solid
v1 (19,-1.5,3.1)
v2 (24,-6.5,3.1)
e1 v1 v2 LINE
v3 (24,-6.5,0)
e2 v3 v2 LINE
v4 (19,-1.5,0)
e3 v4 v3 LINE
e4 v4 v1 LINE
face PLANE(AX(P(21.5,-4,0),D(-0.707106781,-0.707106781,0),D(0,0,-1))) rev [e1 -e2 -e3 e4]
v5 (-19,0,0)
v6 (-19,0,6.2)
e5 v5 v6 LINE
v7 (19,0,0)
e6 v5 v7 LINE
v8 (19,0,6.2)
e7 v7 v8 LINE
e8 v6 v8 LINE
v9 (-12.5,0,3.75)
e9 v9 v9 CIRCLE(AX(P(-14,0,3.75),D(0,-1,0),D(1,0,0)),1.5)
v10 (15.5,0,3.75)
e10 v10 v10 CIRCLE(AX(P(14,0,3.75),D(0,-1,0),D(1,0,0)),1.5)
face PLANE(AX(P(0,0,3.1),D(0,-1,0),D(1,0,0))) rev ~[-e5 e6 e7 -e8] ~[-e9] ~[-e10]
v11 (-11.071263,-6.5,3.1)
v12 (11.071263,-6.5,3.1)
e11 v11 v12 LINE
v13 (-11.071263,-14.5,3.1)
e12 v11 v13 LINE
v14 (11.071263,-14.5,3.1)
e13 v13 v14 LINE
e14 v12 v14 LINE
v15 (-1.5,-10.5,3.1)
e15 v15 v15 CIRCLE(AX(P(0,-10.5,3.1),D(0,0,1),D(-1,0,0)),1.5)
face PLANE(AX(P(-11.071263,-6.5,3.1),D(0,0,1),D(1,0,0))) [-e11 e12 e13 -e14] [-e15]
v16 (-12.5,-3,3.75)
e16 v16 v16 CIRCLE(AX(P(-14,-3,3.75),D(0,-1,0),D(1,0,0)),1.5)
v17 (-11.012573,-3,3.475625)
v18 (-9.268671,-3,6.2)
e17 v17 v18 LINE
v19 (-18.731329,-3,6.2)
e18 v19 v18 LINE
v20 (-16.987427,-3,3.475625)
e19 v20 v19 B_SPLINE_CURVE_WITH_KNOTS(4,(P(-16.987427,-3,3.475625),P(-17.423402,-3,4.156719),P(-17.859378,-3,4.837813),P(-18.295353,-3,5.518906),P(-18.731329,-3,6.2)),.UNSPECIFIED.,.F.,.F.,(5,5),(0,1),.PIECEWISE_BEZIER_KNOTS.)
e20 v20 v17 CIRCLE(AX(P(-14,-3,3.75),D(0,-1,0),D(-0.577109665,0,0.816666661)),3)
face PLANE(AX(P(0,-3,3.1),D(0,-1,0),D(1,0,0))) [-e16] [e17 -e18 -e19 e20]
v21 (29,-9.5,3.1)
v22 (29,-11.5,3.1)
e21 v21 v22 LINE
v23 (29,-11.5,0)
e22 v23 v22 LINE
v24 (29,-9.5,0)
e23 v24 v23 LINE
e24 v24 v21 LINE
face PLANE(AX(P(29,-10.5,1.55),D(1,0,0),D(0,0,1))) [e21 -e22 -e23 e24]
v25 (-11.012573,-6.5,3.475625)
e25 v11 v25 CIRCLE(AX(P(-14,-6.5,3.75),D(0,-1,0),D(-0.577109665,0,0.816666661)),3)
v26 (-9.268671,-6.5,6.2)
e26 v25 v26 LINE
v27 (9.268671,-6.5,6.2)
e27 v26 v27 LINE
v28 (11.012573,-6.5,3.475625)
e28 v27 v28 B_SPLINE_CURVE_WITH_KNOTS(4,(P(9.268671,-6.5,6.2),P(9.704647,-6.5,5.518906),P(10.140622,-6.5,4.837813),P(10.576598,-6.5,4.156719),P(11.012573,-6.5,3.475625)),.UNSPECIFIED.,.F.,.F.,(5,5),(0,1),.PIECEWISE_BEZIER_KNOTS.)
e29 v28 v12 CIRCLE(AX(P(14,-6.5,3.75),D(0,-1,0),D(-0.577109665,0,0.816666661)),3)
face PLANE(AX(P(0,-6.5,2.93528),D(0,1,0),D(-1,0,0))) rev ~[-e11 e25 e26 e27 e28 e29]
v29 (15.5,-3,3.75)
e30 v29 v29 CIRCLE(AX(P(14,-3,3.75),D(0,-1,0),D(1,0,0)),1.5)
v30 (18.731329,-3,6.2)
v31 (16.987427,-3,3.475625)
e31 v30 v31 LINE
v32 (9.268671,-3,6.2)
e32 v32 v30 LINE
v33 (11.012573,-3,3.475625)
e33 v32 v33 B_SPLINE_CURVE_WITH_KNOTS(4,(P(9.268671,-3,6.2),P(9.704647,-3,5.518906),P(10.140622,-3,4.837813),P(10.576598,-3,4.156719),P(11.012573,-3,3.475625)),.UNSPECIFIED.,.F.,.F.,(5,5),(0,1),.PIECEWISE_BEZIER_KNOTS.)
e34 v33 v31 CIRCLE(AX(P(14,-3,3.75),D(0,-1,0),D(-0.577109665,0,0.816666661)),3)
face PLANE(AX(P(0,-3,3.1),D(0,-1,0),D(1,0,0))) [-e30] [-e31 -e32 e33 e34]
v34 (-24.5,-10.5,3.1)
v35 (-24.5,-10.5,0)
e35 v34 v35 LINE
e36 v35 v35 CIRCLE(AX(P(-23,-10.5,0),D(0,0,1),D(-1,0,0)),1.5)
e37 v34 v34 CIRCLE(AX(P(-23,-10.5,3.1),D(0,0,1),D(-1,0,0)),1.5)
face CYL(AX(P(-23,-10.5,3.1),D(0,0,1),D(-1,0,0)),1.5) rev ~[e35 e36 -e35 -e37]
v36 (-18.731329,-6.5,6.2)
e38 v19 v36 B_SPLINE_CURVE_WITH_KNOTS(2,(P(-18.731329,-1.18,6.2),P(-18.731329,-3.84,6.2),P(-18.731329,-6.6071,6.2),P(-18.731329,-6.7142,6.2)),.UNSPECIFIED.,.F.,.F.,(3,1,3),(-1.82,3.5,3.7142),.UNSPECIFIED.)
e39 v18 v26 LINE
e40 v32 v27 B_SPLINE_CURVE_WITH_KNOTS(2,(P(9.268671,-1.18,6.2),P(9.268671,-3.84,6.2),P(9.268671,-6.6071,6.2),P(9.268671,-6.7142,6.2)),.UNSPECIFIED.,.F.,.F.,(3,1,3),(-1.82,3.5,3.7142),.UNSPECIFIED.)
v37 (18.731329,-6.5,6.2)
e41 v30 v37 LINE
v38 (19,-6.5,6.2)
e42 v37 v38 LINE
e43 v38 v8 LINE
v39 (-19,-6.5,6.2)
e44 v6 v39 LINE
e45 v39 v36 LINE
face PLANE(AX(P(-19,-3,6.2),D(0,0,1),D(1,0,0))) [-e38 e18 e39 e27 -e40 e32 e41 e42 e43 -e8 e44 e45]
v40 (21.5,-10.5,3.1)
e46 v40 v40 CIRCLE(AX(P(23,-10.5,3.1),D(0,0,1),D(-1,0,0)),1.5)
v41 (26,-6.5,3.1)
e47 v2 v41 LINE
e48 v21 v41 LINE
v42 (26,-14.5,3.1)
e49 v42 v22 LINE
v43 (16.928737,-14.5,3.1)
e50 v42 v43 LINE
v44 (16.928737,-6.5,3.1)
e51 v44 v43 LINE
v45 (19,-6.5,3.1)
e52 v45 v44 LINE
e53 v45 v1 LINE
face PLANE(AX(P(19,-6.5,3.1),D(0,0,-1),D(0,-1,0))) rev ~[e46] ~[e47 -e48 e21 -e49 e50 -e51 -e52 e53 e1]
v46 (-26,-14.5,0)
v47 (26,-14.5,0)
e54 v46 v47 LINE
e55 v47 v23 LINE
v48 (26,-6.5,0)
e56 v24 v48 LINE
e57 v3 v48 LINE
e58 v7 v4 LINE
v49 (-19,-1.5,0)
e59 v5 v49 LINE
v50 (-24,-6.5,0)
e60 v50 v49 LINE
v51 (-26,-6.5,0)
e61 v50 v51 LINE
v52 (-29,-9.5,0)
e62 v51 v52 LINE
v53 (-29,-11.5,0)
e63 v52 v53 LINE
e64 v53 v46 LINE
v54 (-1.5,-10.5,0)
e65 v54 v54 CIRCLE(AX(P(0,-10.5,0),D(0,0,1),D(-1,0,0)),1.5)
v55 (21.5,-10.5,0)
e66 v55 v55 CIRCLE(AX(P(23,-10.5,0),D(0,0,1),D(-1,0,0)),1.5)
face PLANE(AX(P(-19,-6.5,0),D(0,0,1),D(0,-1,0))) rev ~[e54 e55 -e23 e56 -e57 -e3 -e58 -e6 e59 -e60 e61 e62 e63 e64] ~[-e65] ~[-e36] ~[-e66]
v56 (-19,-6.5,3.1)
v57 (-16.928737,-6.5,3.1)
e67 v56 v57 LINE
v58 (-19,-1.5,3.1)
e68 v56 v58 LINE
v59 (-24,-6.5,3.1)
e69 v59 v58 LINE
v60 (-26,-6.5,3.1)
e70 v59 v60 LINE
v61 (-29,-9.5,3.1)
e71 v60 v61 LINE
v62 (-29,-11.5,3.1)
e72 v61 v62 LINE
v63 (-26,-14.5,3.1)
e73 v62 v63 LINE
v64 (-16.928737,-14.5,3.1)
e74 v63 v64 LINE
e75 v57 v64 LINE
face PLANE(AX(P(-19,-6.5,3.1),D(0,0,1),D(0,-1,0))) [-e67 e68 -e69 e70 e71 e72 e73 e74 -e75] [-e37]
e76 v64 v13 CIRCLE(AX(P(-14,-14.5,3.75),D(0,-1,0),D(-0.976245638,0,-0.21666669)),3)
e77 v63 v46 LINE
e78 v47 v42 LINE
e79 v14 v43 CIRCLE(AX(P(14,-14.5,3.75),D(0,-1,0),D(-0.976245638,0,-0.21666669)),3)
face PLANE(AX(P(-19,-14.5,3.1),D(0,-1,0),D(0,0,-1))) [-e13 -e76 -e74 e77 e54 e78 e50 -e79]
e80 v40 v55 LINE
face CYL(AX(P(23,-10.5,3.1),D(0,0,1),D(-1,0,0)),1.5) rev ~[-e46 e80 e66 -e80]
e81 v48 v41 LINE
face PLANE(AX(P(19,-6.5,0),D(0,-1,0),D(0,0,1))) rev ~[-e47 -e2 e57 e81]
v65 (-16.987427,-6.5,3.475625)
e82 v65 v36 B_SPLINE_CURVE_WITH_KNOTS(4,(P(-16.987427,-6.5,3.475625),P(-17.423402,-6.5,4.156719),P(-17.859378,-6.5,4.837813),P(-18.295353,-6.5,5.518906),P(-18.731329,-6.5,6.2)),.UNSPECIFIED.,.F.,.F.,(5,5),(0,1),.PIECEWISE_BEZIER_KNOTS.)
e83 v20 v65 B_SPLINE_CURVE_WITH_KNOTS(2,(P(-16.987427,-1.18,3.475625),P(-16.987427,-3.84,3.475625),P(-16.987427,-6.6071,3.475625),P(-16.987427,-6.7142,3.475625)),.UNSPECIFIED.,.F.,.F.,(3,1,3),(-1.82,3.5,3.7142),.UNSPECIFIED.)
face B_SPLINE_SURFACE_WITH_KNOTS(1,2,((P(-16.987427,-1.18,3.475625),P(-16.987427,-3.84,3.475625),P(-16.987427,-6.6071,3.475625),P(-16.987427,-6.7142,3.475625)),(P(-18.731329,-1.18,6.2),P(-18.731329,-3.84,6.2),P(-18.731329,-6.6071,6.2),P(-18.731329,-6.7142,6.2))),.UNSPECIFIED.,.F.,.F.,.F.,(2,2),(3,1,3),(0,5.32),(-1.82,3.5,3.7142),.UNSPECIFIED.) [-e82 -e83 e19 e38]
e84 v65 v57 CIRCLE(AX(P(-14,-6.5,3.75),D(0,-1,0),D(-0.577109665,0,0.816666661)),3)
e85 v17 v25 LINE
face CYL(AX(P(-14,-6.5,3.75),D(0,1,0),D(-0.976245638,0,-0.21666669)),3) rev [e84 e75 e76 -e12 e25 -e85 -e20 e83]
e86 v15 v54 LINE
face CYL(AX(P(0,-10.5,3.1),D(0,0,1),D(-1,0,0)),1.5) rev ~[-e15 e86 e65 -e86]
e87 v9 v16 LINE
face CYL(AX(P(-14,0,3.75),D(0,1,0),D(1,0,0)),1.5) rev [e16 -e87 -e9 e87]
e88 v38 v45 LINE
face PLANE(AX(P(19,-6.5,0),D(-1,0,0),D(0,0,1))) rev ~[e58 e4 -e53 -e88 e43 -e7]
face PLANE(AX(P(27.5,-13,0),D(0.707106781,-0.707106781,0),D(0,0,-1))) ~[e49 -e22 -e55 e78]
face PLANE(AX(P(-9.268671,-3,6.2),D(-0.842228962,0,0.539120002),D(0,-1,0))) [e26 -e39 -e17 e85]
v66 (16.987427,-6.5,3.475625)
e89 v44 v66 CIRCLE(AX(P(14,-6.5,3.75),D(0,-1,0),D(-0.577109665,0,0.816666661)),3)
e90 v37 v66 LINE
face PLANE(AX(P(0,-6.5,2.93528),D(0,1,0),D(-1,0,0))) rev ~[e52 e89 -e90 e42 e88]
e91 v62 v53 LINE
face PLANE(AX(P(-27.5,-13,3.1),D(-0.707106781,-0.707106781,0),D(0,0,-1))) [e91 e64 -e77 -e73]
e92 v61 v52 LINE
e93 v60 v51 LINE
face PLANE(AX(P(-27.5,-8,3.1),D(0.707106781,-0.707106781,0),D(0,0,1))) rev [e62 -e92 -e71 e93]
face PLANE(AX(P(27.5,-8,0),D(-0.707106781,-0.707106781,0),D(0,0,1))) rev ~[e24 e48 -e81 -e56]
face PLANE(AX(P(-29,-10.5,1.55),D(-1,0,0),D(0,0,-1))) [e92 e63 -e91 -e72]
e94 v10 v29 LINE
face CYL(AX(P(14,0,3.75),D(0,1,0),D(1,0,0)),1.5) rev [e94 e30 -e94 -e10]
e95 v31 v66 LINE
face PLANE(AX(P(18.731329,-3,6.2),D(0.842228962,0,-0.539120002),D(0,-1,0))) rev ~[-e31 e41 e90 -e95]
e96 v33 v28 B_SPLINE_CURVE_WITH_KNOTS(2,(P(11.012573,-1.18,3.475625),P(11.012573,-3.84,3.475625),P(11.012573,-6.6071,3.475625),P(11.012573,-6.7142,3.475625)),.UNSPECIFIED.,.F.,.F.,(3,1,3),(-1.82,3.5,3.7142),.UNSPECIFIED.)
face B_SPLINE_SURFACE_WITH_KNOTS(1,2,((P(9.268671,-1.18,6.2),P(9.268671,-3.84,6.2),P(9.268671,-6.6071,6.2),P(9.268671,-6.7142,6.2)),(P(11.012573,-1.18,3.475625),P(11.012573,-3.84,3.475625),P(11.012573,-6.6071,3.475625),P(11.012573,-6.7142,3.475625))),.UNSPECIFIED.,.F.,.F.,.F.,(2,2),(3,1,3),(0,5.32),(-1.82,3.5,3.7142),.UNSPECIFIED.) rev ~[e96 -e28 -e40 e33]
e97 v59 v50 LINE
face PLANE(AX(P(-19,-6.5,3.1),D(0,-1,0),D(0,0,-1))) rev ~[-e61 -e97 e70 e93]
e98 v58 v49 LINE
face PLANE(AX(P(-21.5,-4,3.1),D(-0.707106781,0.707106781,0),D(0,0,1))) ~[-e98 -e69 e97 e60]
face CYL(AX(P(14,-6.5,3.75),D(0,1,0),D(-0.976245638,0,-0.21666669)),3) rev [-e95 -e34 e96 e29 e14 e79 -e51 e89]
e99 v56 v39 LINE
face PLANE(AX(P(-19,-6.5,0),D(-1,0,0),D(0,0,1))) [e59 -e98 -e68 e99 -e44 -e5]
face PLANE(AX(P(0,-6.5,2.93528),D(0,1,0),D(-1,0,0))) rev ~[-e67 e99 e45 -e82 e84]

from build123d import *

# Parameters (mm, degrees)
SKETCH_W        = 38
SKETCH_H        = 6.2
SKETCH_R        = 1.5
PAD_DEPTH       = 3
PAD001_DEPTH    = 3.5
PAD002_DEPTH    = 8
SKETCH003_R     = 1.5
POCKET_DEPTH    = 3.101
SKETCH004_W     = 3.1
SKETCH004_H     = 8
PAD003_DEPTH    = 10
SKETCH005_W     = 3.1
SKETCH005_H     = 8
PAD004_DEPTH    = 10
SKETCH006_R     = 1.5
POCKET001_DEPTH = 3.101
CHAMFER_SIZE    = 5
CHAMFER001_SIZE = 3
CHAMFER002_SIZE = 3


with BuildPart() as part:
    # Sketch → Pad (new body)
    with BuildSketch(Plane.XZ):
        with Locations((0, 3.1)):
            Rectangle(SKETCH_W, SKETCH_H)
        with Locations((-14, 3.75)):
            Circle(SKETCH_R, mode=Mode.SUBTRACT)
        with Locations((14, 3.75)):
            Circle(SKETCH_R, mode=Mode.SUBTRACT)
    extrude(amount=PAD_DEPTH)

    # Sketch001 (on Face8 of Pad) → Pad001 (join)
    with BuildSketch(Plane.XZ.offset(3)):
        with BuildLine():
            ThreePointArc((-15.731329, 6.2), (-14, 0.75), (-12.268671, 6.2))
            Line((-12.268671, 6.2), (12.268671, 6.2))
            ThreePointArc((12.268671, 6.2), (14, 0.75), (15.731329, 6.2))
            Line((15.731329, 6.2), (19, 6.2))
            Line((19, 6.2), (19, 0))
            Line((19, 0), (-19, 0))
            Line((-19, 0), (-19, 6.2))
            Line((-19, 6.2), (-15.731329, 6.2))
        make_face()
    extrude(amount=PAD001_DEPTH)

    # Sketch002 (on Face7 of Pad001) → Pad002 (join)
    with BuildSketch(Plane.XZ.offset(6.5)):
        with BuildLine():
            Line((-19, 0), (-19, 3.1))
            Line((-19, 3.1), (-16.928737, 3.1))
            ThreePointArc((-16.928737, 3.1), (-14, 0.75), (-11.071263, 3.1))
            Line((-11.071263, 3.1), (11.071263, 3.1))
            ThreePointArc((11.071263, 3.1), (14, 0.75), (16.928737, 3.1))
            Line((19, 3.1), (16.928737, 3.1))
            Line((19, 0), (19, 3.1))
            Line((-19, 0), (19, 0))
        make_face()
    extrude(amount=PAD002_DEPTH)

    # Sketch003 (on Face13 of Pad002) → Pocket (cut, through all)
    with BuildSketch(Plane(origin=(0, 0, 3.1), x_dir=(-1, 0, 0), z_dir=(0, 0, 1))):
        with Locations((0, 10.5)):
            Circle(SKETCH003_R)
    extrude(amount=-POCKET_DEPTH, mode=Mode.SUBTRACT)

    # Sketch004 (on Face4 of Pocket) → Pad003 (join)
    with BuildSketch(Plane(origin=(19, 0, 0), x_dir=(0, 0, 1), z_dir=(1, 0, 0))):
        with Locations((1.55, 10.5)):
            Rectangle(SKETCH004_W, SKETCH004_H)
    extrude(amount=PAD003_DEPTH)

    # Sketch005 (on Face2 of Pad003) → Pad004 (join)
    with BuildSketch(Plane(origin=(-19, 0, 0), x_dir=(0, 0, -1), z_dir=(-1, 0, 0))):
        with Locations((-1.55, 10.5)):
            Rectangle(SKETCH005_W, SKETCH005_H)
    extrude(amount=PAD004_DEPTH)

    # Sketch006 (on Face23 of Pad004) → Pocket001 (cut, through all)
    with BuildSketch(Plane(origin=(0, 0, 3.1), x_dir=(-1, 0, 0), z_dir=(0, 0, 1))):
        with Locations((-23, 10.5)):
            Circle(SKETCH006_R)
        with Locations((23, 10.5)):
            Circle(SKETCH006_R)
    extrude(amount=-POCKET001_DEPTH, mode=Mode.SUBTRACT)

    # Chamfer
    chamfer_edges = [part.edges().sort_by_distance(p)[0] for p in [
        (-19, -6.5, 1.55),
        (19, -6.5, 1.55),
    ]]
    chamfer(chamfer_edges, length=CHAMFER_SIZE)

    # Chamfer001
    chamfer001_edges = [part.edges().sort_by_distance(p)[0] for p in [
        (-29, -6.5, 1.55),
        (29, -6.5, 1.55),
        (-29, -14.5, 1.55),
        (29, -14.5, 1.55),
    ]]
    chamfer(chamfer001_edges, length=CHAMFER001_SIZE)

    # Chamfer002
    chamfer002_edges = [part.edges().sort_by_distance(p)[0] for p in [
        (-12.268671, -4.75, 6.2),
        (-15.731329, -4.75, 6.2),
        (12.268671, -4.75, 6.2),
        (15.731329, -4.75, 6.2),
    ]]
    chamfer(chamfer002_edges, length=CHAMFER002_SIZE)


solid = part.part
